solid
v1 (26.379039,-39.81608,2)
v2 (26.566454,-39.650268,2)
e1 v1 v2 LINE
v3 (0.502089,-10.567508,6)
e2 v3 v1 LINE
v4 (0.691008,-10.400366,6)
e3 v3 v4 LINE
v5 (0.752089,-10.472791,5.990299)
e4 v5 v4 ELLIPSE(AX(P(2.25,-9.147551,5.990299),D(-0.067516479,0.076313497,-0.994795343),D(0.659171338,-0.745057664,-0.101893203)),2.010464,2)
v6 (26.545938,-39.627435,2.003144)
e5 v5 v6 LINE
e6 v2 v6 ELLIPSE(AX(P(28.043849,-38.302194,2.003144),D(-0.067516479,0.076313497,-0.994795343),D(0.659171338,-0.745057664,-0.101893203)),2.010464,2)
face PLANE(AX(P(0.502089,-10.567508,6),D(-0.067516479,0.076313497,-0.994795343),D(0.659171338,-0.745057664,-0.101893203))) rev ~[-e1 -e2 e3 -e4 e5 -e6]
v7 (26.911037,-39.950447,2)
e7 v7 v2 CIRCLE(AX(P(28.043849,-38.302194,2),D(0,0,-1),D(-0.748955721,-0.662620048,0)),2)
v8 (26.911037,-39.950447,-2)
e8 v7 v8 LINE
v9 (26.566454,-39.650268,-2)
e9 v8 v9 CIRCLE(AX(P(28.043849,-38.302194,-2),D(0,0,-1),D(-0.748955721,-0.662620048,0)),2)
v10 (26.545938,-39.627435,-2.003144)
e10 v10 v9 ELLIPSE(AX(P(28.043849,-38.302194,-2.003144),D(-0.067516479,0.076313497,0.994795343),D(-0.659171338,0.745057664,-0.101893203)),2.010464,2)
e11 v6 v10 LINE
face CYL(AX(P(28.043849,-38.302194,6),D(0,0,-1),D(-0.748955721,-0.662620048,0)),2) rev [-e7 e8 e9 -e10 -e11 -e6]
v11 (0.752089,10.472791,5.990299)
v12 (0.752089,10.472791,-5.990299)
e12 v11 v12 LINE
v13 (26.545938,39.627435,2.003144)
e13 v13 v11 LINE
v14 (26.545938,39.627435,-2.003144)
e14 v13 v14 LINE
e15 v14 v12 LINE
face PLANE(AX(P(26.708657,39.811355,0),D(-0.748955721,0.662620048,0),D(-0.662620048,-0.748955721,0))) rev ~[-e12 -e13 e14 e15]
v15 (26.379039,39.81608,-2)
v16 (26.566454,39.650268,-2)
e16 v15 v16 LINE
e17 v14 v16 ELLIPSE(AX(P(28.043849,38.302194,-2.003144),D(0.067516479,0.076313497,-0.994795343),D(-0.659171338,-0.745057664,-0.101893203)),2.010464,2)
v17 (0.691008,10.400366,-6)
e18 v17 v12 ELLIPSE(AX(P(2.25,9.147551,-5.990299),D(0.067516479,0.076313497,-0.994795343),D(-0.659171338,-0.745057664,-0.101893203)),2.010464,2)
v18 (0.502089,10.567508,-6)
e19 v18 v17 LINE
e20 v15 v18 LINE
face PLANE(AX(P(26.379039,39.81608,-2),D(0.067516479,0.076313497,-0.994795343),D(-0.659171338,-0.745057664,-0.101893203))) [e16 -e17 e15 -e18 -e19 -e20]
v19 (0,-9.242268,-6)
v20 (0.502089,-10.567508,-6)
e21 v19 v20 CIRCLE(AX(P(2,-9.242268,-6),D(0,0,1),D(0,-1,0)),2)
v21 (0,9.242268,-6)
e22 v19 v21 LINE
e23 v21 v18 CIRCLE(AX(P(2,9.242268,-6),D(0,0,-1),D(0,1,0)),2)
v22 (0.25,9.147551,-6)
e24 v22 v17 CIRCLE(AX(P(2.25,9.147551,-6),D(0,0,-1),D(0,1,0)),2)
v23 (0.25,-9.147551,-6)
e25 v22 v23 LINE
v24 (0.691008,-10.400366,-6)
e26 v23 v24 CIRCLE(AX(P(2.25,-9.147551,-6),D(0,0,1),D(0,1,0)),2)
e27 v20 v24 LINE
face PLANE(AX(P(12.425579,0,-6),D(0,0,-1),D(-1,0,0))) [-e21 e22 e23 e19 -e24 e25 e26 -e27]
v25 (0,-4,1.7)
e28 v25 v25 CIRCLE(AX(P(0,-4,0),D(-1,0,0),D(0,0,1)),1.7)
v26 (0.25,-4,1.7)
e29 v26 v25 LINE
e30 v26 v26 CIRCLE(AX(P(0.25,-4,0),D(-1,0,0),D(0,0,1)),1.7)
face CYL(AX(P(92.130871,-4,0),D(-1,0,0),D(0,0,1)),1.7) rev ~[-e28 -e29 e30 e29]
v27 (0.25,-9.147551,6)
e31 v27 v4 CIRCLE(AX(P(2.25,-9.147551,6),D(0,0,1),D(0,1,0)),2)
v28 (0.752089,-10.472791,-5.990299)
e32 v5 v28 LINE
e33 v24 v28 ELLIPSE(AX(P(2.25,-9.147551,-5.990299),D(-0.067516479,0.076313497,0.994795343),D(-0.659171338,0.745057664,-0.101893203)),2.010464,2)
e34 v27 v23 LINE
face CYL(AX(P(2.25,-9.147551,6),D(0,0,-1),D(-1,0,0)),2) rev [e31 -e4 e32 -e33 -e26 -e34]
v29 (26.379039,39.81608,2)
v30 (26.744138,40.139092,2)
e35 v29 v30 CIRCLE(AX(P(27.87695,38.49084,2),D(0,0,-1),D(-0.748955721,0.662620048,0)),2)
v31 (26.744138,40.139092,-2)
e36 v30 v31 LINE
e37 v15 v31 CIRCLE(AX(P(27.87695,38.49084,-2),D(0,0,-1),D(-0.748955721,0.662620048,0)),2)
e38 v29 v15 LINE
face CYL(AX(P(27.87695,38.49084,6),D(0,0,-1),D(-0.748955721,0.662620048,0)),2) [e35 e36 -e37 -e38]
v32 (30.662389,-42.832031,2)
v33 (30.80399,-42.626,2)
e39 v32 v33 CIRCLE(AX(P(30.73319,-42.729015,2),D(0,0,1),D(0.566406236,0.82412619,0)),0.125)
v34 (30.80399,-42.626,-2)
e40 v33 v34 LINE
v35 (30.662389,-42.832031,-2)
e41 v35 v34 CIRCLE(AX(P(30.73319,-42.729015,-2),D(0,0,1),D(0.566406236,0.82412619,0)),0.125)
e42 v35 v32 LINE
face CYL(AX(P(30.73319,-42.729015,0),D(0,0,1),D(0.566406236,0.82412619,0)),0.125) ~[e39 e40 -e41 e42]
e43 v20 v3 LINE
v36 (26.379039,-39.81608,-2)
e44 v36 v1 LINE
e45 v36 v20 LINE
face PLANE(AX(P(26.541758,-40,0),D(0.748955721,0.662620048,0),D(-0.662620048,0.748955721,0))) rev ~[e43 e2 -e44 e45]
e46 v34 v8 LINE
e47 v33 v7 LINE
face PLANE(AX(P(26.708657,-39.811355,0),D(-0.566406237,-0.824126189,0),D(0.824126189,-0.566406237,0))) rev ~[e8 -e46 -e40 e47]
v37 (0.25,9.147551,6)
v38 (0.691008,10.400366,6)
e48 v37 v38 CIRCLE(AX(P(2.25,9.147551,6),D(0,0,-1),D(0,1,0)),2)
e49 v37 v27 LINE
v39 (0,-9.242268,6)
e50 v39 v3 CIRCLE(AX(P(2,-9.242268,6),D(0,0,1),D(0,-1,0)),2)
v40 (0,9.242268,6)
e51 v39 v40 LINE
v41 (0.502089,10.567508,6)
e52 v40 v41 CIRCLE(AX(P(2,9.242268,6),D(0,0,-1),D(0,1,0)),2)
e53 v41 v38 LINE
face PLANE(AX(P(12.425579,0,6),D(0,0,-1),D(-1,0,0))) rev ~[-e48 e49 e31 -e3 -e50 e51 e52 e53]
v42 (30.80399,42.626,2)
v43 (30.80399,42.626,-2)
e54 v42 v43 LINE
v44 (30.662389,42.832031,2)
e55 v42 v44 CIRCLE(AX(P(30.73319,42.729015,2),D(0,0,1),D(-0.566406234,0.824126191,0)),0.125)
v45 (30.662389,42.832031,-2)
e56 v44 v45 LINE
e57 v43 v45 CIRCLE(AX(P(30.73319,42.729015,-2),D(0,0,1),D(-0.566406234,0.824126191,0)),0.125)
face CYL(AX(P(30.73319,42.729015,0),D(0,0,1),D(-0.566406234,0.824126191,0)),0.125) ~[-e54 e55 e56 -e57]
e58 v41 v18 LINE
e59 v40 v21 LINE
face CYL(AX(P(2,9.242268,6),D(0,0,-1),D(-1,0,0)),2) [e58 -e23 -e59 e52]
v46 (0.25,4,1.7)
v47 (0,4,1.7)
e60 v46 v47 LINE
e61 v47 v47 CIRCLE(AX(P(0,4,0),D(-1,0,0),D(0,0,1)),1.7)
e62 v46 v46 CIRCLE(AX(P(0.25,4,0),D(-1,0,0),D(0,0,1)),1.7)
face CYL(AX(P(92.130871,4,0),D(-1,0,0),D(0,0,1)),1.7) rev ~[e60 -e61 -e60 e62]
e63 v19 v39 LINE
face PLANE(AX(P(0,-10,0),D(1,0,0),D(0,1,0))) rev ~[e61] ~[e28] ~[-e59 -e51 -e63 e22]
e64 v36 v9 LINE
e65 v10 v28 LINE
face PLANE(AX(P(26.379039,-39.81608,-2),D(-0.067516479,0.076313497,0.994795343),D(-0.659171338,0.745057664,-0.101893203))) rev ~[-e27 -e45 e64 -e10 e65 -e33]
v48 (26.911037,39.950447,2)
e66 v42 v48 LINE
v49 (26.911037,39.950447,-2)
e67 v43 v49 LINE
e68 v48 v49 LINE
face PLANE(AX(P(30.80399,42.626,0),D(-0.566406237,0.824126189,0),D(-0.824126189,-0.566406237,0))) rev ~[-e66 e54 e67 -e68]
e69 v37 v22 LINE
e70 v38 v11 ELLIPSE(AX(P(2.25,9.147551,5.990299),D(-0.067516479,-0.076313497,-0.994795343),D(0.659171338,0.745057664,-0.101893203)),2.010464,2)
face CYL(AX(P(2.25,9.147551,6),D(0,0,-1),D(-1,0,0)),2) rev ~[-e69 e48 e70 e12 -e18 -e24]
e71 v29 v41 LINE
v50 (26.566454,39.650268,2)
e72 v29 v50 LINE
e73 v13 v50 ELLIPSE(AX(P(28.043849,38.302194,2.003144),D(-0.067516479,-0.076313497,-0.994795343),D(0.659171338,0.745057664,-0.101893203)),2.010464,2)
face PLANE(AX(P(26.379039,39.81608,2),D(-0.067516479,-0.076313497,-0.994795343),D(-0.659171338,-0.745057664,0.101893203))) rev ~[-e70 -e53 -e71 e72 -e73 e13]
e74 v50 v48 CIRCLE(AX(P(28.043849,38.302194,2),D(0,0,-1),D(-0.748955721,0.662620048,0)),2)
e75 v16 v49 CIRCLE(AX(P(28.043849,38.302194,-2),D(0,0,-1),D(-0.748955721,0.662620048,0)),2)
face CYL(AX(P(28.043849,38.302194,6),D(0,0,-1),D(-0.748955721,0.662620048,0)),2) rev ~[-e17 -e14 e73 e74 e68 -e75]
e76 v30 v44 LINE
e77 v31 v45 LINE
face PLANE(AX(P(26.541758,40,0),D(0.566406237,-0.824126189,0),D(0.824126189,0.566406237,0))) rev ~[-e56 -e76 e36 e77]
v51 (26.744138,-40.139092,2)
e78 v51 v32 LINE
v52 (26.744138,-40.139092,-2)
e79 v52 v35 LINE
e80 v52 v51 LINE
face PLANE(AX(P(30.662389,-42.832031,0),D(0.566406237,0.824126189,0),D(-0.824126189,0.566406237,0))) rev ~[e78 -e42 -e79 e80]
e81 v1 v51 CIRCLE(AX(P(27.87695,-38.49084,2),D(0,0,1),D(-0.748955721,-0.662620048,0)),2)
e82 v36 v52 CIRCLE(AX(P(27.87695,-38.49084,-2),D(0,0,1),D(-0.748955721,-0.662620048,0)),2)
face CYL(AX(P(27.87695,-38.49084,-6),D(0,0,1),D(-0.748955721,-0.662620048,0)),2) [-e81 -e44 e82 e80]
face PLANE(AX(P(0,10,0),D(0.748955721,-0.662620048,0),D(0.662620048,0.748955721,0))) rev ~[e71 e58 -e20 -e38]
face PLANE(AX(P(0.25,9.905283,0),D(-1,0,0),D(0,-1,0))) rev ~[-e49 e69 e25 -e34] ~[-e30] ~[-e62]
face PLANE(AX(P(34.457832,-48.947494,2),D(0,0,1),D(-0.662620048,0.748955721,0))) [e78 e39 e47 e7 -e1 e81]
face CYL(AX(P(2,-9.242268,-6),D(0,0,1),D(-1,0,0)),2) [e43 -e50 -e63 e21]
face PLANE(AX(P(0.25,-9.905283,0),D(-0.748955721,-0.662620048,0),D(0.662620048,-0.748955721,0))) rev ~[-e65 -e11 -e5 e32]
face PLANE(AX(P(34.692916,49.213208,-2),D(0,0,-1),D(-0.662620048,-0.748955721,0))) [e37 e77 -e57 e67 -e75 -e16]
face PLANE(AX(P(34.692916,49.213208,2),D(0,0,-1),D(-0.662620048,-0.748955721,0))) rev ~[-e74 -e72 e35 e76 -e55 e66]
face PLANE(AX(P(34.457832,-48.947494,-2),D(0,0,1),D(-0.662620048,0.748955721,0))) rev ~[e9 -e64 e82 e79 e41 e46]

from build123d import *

# Parameters (mm, degrees)
ESTRUSIONE_ESTRUSIONE1_DEPTH      = 6
ESTRUSIONE_ESTRUSIONE1_DEPTH_BACK = 6
FORO_PER_VITE_M3_1_D              = 3.4
RACCORDO1_R                       = 2
RACCORDO2_R                       = 2
RACCORDO3_R                       = 2
RACCORDO4_R                       = 2
RACCORDO5_R                       = 2
RACCORDO6_R                       = 2
RACCORDO7_R                       = 2
RACCORDO8_R                       = 2
TAGLIO_ESTRUSIONE2_DEPTH          = 60.591921093
TAGLIO_ESTRUSIONE3_DEPTH          = 60.591921093


with BuildPart() as part:
    # Schizzo1 → Estrusione-Estrusione1 (new, two sides: drawn at the far end of the back side and taken through both)
    with BuildSketch(Plane.XY.offset(-ESTRUSIONE_ESTRUSIONE1_DEPTH_BACK)):
        with BuildLine():
            Line((0, -10), (0, 10))
            Line((0, 10), (26.541757937, 40))
            Line((26.541757937, 40), (30.66238888, 42.832031185))
            ThreePointArc((30.66238888, 42.832031185), (30.836205433, 42.799816191), (30.803990439, 42.625999637))
            Line((30.803990439, 42.625999637), (26.708656989, 39.811354938))
            Line((26.708656989, 39.811354938), (0.25, 9.905283473))
            Line((0.25, 9.905283473), (0.25, -9.905283473))
            Line((0.25, -9.905283473), (26.708656989, -39.811354938))
            Line((26.708656989, -39.811354938), (30.803990439, -42.625999637))
            ThreePointArc((30.803990439, -42.625999637), (30.836205433, -42.799816191), (30.66238888, -42.832031185))
            Line((30.66238888, -42.832031185), (26.541757937, -40))
            Line((26.541757937, -40), (0, -10))
        make_face()
    extrude(amount=ESTRUSIONE_ESTRUSIONE1_DEPTH + ESTRUSIONE_ESTRUSIONE1_DEPTH_BACK)

    # Foro per Vite M3-1 (through all)
    with Locations(Plane(origin=(0.25, 0, 0), x_dir=(0, 0, -1), z_dir=(1, 0, 0))):
        with Locations((0, 4), (0, -4)):
            Hole(FORO_PER_VITE_M3_1_D / 2)

    # Raccordo1
    raccordo1_edges = [part.edges().sort_by_distance(p)[0] for p in [
        (0, 10, 0),
    ]]
    fillet(raccordo1_edges, radius=RACCORDO1_R)

    # Raccordo2
    raccordo2_edges = [part.edges().sort_by_distance(p)[0] for p in [
        (0, -10, 0),
    ]]
    fillet(raccordo2_edges, radius=RACCORDO2_R)

    # Raccordo3
    raccordo3_edges = [part.edges().sort_by_distance(p)[0] for p in [
        (26.541757937, -40, 0),
    ]]
    fillet(raccordo3_edges, radius=RACCORDO3_R)

    # Raccordo4
    raccordo4_edges = [part.edges().sort_by_distance(p)[0] for p in [
        (26.541757937, 40, 0),
    ]]
    fillet(raccordo4_edges, radius=RACCORDO4_R)

    # Raccordo5
    raccordo5_edges = [part.edges().sort_by_distance(p)[0] for p in [
        (0.25, -9.905283473, 0),
    ]]
    fillet(raccordo5_edges, radius=RACCORDO5_R)

    # Raccordo6
    raccordo6_edges = [part.edges().sort_by_distance(p)[0] for p in [
        (0.25, 9.905283473, 0),
    ]]
    fillet(raccordo6_edges, radius=RACCORDO6_R)

    # Raccordo7
    raccordo7_edges = [part.edges().sort_by_distance(p)[0] for p in [
        (26.708656989, 39.811354938, 0),
    ]]
    fillet(raccordo7_edges, radius=RACCORDO7_R)

    # Raccordo8
    raccordo8_edges = [part.edges().sort_by_distance(p)[0] for p in [
        (26.708656989, -39.811354938, 0),
    ]]
    fillet(raccordo8_edges, radius=RACCORDO8_R)

    # Schizzo4 → Taglio-Estrusione2 (cut, through all)
    with BuildSketch(Plane(origin=(-4.962730758, 4.390653283, 0), x_dir=(0, 0, 1), z_dir=(-0.7489557207890011, 0.6626200482157386, 0))):
        Polygon((2, 47.299760633), (6, 8.247289425), (6, 59.846735232), (2, 59.846735232), align=None)
        Polygon((-2, 47.299760633), (-6, 8.247289425), (-6, 59.846735232), (-2, 59.846735232), align=None)
    extrude(amount=-TAGLIO_ESTRUSIONE2_DEPTH, mode=Mode.SUBTRACT)

    # Schizzo6 → Taglio-Estrusione3 (cut, through all)
    with BuildSketch(Plane(origin=(-4.962730758, -4.390653283, 0), x_dir=(0, 0, 1), z_dir=(-0.7489557207890011, -0.6626200482157386, 0))):
        Polygon((6, -8.247289425), (2, -47.299760633), (2, -59.491955382), (6, -59.491955382), align=None)
        Polygon((-2, -47.299760633), (-6, -8.247289425), (-6, -59.491955382), (-2, -59.491955382), align=None)
    extrude(amount=-TAGLIO_ESTRUSIONE3_DEPTH, mode=Mode.SUBTRACT)


solid = part.part
